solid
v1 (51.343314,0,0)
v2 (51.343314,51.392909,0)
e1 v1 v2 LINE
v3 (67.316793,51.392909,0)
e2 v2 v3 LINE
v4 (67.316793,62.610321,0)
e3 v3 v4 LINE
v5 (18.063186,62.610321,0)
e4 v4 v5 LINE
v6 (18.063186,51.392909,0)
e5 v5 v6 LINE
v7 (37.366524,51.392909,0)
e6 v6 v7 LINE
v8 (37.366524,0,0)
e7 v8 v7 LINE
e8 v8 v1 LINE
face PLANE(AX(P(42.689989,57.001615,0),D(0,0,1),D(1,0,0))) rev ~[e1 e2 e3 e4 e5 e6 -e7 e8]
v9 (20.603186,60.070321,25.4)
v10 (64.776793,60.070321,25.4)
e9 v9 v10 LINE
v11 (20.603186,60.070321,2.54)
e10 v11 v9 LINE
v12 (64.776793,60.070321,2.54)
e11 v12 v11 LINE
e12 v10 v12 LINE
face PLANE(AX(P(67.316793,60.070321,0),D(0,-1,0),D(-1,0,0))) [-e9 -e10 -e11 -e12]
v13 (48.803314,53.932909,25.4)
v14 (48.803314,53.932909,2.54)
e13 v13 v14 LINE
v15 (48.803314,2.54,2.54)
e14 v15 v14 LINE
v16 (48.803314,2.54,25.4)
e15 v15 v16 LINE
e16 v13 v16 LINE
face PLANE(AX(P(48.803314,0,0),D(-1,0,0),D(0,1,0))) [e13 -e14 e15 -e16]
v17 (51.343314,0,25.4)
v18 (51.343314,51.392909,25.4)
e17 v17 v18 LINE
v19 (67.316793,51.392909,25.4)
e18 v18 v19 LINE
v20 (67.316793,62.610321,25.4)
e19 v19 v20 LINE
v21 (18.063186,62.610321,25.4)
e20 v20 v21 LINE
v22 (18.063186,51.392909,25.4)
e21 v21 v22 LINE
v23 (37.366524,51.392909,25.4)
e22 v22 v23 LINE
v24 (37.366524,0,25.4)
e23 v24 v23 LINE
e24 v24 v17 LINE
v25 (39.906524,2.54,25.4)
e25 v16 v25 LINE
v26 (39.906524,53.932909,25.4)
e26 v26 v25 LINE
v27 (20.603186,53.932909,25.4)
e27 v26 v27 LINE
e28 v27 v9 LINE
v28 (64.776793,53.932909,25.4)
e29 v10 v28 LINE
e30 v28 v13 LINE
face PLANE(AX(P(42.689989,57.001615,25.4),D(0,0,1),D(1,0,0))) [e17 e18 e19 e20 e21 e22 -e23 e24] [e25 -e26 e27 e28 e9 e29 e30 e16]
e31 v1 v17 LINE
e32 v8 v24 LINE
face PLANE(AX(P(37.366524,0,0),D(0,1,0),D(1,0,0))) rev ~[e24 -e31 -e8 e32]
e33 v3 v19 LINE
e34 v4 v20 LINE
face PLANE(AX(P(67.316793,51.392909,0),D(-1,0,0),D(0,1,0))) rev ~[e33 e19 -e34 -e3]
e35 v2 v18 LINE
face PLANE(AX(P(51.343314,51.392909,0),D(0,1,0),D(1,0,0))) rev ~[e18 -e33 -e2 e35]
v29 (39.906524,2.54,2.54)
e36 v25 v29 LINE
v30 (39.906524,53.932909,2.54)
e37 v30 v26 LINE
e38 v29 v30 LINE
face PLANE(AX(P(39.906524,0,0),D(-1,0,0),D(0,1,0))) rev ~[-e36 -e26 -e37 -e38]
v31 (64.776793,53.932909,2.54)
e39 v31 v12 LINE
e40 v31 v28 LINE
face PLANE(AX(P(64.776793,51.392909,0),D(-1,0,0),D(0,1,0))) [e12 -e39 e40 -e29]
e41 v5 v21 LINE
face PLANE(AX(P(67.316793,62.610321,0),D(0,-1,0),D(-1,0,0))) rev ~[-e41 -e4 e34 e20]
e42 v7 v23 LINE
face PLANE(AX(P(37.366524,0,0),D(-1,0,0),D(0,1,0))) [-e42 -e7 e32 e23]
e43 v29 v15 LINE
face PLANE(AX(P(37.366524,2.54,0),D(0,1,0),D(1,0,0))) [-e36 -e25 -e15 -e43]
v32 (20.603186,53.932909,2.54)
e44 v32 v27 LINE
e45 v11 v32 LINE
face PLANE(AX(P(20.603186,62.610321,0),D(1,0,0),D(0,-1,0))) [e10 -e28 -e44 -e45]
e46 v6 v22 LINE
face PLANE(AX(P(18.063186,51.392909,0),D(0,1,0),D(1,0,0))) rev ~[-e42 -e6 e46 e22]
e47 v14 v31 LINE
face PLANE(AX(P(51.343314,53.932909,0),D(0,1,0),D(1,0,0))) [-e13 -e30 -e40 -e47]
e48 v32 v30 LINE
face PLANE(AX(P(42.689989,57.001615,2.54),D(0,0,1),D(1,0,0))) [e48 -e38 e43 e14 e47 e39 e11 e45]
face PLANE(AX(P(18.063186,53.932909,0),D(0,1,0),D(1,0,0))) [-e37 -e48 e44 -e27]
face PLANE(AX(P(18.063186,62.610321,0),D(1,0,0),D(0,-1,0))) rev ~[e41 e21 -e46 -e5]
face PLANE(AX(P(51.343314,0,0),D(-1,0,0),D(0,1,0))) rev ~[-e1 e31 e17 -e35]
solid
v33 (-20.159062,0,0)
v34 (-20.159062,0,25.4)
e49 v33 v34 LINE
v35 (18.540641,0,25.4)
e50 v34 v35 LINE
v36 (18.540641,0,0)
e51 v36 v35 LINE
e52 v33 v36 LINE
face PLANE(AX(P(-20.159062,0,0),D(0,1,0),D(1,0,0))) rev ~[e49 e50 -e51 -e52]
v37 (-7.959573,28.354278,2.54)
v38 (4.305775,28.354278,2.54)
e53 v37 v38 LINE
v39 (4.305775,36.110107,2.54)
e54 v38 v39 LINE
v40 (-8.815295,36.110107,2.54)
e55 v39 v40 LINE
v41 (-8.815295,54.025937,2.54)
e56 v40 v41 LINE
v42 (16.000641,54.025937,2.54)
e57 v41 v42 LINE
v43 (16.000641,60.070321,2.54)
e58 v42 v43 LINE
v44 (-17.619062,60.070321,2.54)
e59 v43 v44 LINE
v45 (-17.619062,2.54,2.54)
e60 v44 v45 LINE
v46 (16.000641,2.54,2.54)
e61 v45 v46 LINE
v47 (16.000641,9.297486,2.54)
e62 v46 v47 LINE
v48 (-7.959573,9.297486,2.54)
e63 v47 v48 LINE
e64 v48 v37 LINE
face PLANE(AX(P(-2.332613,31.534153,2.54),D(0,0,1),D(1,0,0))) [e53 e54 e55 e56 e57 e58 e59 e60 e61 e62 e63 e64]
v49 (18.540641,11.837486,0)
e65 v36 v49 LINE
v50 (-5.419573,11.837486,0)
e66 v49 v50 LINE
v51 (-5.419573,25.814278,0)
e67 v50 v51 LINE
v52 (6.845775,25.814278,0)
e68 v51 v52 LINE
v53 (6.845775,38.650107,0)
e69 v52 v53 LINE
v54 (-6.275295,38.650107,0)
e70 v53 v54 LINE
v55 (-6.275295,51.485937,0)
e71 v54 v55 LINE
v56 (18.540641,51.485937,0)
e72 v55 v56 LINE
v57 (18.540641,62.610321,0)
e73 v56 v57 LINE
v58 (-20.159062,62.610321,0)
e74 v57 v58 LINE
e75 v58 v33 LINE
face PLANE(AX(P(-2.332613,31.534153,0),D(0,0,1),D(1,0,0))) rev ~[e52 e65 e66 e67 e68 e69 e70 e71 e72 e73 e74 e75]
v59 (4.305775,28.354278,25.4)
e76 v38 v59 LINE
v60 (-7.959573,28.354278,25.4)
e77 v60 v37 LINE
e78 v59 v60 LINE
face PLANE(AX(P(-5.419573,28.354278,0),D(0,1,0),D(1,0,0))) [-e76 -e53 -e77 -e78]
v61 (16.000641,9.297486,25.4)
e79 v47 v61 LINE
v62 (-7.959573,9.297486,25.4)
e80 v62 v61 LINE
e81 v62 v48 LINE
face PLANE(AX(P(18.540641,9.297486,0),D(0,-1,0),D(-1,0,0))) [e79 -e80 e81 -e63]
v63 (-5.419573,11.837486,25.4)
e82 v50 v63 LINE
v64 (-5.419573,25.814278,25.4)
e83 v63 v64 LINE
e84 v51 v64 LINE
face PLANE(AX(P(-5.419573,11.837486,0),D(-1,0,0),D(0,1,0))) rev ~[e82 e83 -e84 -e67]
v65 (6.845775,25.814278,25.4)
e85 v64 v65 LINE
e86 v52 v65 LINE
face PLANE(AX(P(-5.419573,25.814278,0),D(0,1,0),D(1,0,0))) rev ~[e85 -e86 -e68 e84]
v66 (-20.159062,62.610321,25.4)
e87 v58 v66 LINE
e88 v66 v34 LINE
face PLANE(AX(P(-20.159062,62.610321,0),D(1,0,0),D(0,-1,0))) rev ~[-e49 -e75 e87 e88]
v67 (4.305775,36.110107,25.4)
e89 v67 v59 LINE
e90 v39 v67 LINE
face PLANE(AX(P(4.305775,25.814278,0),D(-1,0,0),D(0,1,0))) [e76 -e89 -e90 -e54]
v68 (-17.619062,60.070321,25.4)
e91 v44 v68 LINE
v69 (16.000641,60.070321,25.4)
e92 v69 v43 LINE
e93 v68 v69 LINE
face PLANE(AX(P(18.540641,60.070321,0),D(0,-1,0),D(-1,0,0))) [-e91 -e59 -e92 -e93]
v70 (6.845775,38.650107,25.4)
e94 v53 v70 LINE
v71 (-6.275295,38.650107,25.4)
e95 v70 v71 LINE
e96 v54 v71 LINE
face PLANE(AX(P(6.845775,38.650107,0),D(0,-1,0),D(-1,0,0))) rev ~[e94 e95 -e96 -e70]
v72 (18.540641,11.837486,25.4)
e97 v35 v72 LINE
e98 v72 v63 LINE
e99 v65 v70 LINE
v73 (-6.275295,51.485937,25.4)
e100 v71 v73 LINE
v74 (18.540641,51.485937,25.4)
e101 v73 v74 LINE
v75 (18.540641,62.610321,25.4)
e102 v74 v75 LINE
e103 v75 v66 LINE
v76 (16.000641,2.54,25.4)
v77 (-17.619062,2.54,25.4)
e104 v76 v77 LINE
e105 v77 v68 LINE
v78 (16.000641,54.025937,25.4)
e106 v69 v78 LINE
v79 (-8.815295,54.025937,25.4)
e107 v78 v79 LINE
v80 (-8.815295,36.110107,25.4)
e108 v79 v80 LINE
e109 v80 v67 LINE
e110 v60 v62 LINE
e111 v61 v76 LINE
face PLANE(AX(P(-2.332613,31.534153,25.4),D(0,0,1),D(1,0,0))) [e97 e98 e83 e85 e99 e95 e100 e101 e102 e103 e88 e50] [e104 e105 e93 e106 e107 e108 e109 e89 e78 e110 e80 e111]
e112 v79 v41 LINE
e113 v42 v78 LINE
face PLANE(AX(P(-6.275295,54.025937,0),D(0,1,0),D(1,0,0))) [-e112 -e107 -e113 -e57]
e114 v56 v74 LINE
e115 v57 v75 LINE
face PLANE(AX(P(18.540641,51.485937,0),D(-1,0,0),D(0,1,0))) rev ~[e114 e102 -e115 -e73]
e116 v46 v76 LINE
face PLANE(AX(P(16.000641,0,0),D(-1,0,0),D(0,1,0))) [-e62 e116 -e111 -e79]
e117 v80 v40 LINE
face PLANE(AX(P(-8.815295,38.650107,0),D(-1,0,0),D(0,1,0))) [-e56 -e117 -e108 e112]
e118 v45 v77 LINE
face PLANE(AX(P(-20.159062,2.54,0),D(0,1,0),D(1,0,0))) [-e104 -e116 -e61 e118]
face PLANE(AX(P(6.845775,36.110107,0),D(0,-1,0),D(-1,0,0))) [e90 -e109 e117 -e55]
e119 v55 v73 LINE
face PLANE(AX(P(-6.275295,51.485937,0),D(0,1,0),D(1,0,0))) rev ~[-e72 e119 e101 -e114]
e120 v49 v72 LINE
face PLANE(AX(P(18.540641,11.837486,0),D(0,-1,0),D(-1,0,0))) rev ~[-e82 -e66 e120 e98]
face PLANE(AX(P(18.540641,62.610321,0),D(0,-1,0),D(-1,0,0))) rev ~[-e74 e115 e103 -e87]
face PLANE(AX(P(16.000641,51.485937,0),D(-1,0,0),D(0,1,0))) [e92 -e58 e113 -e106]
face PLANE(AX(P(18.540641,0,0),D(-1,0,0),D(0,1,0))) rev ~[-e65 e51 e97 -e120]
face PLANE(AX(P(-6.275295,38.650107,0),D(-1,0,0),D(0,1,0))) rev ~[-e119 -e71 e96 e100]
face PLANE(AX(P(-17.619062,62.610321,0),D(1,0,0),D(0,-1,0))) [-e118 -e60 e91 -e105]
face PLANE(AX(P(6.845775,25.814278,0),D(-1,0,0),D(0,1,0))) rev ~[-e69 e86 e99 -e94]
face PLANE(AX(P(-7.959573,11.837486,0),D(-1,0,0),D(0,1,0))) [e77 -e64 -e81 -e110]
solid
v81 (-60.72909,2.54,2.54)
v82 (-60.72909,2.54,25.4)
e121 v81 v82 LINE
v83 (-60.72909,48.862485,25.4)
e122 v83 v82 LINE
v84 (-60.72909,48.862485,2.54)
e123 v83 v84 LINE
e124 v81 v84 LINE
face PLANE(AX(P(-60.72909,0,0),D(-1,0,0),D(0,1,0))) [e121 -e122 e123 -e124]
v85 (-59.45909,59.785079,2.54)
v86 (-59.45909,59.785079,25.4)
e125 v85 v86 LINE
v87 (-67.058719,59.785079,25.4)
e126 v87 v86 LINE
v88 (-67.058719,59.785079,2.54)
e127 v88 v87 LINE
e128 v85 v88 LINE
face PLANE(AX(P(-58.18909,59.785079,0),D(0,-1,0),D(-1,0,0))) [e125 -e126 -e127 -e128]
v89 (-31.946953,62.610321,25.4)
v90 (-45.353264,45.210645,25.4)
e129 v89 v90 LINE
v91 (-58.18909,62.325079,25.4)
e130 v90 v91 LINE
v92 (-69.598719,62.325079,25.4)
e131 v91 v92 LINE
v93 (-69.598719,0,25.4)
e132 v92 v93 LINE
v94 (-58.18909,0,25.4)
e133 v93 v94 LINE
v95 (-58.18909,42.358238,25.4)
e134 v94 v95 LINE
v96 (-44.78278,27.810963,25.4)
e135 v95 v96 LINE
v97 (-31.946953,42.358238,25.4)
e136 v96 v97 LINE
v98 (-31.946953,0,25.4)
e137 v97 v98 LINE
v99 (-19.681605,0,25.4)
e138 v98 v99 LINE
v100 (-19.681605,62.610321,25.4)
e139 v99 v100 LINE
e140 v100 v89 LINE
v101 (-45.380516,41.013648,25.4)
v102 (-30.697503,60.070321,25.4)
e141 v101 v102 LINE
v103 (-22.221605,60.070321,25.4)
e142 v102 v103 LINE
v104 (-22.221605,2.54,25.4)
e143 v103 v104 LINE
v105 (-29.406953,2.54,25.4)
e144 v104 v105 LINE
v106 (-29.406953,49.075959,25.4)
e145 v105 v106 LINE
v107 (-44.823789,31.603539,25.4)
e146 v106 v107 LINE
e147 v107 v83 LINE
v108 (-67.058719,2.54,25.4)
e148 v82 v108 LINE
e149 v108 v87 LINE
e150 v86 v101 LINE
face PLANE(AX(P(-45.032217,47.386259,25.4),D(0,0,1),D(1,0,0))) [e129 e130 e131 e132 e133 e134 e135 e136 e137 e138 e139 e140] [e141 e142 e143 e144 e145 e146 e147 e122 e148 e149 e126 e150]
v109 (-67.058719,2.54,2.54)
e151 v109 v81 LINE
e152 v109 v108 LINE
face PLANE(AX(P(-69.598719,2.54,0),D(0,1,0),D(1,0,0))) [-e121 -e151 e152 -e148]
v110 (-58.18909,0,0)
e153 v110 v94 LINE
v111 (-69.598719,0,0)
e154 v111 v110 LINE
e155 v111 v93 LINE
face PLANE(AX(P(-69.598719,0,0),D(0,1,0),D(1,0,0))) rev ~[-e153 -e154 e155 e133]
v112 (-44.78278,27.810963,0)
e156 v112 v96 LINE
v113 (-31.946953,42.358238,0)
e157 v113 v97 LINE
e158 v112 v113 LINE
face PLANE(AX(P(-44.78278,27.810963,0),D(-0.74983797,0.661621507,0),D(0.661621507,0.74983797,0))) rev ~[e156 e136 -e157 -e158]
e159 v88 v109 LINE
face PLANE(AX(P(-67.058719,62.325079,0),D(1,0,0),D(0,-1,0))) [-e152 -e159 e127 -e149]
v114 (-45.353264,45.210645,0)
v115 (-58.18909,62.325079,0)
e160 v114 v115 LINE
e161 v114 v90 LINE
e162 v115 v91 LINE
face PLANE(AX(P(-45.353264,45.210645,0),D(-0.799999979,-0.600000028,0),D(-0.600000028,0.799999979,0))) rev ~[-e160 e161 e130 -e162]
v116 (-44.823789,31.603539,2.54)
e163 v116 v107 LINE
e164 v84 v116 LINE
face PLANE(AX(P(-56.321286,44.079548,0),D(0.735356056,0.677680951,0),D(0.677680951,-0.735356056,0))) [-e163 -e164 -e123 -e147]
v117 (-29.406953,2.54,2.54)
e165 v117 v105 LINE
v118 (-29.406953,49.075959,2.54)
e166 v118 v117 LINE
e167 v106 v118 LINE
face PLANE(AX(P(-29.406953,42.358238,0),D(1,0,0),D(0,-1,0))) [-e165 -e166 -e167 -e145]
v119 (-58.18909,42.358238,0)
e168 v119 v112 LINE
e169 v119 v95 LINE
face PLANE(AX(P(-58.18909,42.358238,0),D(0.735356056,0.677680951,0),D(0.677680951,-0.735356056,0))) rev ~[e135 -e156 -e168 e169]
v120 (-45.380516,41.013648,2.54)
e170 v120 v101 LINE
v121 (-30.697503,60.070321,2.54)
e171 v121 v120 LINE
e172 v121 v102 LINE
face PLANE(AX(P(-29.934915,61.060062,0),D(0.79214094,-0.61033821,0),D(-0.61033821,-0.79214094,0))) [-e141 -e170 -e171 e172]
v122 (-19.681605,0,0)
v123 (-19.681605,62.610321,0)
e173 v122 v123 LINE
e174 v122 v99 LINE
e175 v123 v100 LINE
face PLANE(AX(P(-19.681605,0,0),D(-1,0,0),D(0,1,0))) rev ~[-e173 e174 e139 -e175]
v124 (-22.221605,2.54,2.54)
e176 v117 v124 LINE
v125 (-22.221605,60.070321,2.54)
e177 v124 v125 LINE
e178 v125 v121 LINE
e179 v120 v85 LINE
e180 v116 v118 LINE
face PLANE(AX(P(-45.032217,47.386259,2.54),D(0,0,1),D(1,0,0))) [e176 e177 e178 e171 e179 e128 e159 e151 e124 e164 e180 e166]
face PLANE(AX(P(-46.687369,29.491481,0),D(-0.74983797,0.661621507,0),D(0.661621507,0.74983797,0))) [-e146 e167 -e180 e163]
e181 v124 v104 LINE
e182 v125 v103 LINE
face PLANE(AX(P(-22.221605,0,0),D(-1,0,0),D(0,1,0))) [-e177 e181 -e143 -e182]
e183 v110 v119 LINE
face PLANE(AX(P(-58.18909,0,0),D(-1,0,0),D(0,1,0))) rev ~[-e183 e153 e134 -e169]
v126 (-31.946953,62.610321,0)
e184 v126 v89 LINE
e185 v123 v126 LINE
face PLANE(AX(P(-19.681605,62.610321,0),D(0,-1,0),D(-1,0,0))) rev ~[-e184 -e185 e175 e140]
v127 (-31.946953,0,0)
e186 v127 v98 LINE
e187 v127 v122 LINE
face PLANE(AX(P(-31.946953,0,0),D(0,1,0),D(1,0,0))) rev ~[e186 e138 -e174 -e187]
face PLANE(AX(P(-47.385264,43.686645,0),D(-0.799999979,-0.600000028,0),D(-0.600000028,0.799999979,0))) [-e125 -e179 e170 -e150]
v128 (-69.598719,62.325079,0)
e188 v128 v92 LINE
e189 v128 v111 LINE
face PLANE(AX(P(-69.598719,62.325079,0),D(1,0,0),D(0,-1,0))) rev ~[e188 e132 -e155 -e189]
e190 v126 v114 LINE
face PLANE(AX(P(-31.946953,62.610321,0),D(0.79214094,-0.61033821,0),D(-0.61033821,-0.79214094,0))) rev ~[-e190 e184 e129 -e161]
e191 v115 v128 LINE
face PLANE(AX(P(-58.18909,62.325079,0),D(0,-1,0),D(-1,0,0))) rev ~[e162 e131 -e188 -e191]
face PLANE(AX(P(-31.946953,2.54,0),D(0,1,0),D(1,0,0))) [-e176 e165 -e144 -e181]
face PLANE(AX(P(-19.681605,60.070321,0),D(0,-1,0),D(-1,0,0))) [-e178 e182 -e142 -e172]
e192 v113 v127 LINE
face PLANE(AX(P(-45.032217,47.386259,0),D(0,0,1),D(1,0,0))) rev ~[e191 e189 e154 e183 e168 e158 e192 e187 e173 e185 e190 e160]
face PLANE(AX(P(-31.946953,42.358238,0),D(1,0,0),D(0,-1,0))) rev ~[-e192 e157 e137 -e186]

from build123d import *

# Parameters (mm, degrees)
F3_DEPTH = 25.4
F2_W     = 13.9767900109
F2_H     = 51.3929091394
F4_T     = -2.54
F4_2_T   = -2.54
F4_3_T   = -2.54


with BuildPart() as f3:
    # F0 (on Top) → F3 (new body)
    with BuildSketch(Plane.XY):
        Polygon((-45.3532636166, 45.2106446028), (-58.1890903413, 62.325078994), (-58.1890903413, 42.35823825), (-44.7827801108, 27.8109628707), (-31.9469533861, 42.35823825), (-31.9469533861, 62.6103207469), align=None)
        Polygon((-19.6816045791, 62.6103207469), (-31.9469533861, 62.6103207469), (-31.9469533861, 42.35823825), (-31.9469533861, 0), (-19.6816045791, 0), align=None)
        Polygon((-58.1890903413, 62.325078994), (-69.5987194777, 62.325078994), (-69.5987194777, 0), (-58.1890903413, 0), (-58.1890903413, 42.35823825), align=None)
    extrude(amount=F3_DEPTH)

    # F4
    f4_openings = [f3.faces().sort_by_distance(p)[0] for p in [
        (-44.330156, 34.586922, 25.4),
    ]]
    offset(amount=F4_T, openings=f4_openings, kind=Kind.INTERSECTION)


with BuildPart() as f3b:
    # F1 (on Top) → F3, piece 2 (new body)
    with BuildSketch(Plane.XY):
        Polygon((18.5406412929, 62.6103207469), (-20.1590619981, 62.6103207469), (-20.1590619981, 0), (18.5406412929, 0), (18.5406412929, 11.8374861777), (-5.4195728153, 11.8374861777), (-5.4195728153, 25.8142780513), (6.8457750604, 25.8142780513), (6.8457750604, 38.6501066387), (-6.2752948143, 38.6501066387), (-6.2752948143, 41.7877547443), (-6.2752948143, 51.4859370887), (18.5406412929, 51.4859370887), align=None)
    extrude(amount=F3_DEPTH)

    # F4#2
    f4_2_openings = [f3b.faces().sort_by_distance(p)[0] for p in [
        (-4.950166, 31.092782, 25.4),
    ]]
    offset(amount=F4_2_T, openings=f4_2_openings, kind=Kind.INTERSECTION)


with BuildPart() as f3c:
    # F2 (on Top) → F3, piece 3 (new body)
    with BuildSketch(Plane.XY):
        Polygon((67.3167929053, 62.6103207469), (18.0631857365, 62.6103207469), (18.0631857365, 51.3929091394), (37.3665243387, 51.3929091394), (51.3433143497, 51.3929091394), (67.3167929053, 51.3929091394), align=None)
        with Locations((44.3549193442, 25.6964545697)):
            Rectangle(F2_W, F2_H)
    extrude(amount=F3_DEPTH)

    # F4#3
    f4_3_openings = [f3c.faces().sort_by_distance(p)[0] for p in [
        (43.631071, 39.306746, 25.4),
    ]]
    offset(amount=F4_3_T, openings=f4_3_openings, kind=Kind.INTERSECTION)


solid = Compound([f3.part, f3b.part, f3c.part])
